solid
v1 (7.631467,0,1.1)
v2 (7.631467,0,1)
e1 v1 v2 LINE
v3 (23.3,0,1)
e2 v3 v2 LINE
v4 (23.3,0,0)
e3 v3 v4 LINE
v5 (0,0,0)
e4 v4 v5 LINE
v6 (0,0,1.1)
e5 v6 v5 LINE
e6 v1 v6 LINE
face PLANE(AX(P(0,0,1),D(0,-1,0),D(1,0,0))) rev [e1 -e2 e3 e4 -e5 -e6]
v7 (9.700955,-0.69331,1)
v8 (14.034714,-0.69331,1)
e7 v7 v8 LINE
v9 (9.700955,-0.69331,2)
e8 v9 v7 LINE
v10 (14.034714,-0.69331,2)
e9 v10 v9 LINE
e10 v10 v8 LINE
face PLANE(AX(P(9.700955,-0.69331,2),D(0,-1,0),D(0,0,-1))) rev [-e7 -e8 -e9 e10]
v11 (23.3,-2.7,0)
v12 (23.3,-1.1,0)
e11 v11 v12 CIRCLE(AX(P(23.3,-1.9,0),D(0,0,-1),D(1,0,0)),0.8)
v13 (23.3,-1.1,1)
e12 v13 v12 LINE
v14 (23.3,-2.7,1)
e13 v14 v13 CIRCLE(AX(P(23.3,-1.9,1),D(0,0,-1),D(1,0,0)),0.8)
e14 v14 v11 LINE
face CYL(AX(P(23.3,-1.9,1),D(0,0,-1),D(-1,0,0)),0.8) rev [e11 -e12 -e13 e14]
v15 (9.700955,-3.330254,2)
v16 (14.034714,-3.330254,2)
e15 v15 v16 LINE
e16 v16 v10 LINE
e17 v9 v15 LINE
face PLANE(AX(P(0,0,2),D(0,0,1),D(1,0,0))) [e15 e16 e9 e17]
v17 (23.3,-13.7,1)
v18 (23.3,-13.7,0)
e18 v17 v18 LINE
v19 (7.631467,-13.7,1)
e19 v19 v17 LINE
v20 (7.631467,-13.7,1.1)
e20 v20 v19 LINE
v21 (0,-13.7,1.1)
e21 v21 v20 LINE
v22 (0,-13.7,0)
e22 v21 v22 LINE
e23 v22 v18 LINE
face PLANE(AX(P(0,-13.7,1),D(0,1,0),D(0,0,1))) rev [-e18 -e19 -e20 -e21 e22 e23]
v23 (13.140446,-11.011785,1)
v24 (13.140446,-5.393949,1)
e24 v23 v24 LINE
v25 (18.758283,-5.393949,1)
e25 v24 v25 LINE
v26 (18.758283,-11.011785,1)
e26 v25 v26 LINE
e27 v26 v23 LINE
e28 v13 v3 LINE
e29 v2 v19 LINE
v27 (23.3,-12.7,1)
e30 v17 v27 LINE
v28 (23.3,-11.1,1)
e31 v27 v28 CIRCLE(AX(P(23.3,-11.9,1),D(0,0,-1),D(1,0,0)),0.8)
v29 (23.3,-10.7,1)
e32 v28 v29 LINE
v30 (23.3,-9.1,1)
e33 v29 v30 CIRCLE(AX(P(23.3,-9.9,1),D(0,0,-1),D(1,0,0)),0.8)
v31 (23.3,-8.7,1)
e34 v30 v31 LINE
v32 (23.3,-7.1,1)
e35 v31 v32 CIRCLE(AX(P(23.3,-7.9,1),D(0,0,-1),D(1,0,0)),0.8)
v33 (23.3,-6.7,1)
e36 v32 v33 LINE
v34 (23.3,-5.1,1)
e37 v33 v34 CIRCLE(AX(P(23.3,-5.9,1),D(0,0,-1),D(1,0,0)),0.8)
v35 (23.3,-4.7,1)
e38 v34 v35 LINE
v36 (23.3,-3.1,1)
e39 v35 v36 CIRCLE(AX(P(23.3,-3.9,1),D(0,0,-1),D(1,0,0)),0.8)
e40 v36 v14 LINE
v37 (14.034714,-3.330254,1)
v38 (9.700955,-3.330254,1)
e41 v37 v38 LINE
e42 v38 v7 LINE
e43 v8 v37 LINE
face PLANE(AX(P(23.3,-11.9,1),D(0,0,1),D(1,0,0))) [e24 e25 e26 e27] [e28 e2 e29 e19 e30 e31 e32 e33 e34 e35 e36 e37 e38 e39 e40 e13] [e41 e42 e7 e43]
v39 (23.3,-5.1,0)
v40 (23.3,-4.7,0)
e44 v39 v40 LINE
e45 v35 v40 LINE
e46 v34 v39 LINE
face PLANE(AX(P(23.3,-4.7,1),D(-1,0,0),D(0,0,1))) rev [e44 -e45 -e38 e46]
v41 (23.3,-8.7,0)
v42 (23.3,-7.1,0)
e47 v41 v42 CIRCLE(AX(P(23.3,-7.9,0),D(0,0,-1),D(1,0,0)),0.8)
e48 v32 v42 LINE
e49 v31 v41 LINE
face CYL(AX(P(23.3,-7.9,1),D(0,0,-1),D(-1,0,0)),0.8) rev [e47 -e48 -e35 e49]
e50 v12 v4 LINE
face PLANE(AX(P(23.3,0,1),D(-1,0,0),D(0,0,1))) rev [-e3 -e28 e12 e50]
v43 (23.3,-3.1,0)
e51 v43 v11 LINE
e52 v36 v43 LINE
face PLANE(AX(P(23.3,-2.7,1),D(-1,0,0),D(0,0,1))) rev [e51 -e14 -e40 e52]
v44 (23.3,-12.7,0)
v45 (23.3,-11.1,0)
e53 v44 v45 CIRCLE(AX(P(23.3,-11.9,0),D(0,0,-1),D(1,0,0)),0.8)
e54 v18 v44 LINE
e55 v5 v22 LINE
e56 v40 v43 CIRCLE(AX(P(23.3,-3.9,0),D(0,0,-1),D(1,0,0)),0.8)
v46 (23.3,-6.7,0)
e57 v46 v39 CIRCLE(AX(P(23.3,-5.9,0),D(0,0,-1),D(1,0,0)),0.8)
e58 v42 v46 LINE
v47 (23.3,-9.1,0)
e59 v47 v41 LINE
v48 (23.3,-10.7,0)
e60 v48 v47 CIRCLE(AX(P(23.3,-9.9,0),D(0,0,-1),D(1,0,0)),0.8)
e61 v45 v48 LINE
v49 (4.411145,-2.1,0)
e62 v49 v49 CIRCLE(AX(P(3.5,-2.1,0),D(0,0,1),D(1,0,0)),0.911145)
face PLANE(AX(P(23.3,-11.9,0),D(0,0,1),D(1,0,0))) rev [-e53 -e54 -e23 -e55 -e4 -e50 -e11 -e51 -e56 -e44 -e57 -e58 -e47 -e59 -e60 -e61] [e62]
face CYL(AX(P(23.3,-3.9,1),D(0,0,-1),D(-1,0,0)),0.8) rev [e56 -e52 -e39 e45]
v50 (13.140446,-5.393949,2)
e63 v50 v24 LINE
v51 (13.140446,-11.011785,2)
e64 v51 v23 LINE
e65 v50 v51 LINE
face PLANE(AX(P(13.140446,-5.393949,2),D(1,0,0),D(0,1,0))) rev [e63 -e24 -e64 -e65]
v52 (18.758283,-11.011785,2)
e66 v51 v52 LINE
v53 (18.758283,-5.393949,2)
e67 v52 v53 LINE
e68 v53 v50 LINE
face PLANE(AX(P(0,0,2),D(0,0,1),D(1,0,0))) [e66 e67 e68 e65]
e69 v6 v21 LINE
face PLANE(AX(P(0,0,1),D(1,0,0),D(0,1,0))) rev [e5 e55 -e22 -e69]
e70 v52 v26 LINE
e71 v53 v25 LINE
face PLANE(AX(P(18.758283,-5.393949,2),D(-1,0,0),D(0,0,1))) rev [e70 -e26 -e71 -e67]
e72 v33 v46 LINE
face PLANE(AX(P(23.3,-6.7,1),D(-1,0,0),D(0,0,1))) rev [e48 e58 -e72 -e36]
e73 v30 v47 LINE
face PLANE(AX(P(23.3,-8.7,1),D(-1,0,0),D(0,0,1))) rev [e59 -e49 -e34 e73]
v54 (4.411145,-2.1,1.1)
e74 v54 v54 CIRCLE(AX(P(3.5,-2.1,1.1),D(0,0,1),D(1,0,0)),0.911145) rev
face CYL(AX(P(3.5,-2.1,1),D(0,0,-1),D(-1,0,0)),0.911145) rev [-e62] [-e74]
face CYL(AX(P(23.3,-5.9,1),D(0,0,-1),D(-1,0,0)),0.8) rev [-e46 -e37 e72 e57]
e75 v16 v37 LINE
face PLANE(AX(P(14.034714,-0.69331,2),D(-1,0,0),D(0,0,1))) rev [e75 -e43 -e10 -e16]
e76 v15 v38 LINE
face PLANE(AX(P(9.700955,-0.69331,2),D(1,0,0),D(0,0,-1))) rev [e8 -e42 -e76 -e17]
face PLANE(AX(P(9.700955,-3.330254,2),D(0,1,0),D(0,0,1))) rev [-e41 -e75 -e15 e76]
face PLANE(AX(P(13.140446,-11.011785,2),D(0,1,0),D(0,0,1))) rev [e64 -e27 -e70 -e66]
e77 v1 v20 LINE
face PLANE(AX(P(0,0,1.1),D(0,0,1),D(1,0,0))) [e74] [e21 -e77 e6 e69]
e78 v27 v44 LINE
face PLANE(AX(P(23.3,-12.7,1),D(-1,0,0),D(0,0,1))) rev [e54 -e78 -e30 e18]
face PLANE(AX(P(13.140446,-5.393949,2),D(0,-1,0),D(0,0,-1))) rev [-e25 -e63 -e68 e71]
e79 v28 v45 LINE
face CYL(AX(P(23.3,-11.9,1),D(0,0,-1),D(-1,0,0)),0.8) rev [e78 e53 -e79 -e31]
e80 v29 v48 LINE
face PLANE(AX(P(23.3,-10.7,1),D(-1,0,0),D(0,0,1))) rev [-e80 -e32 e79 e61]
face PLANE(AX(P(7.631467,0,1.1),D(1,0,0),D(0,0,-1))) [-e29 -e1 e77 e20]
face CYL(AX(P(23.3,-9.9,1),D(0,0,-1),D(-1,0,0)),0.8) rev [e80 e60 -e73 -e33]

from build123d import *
from build123d.topology import SkipClean

# Parameters (mm, degrees)
SKETCH1_R           = 0.911145061
BOSS_EXTRUDE1_DEPTH = 1
SKETCH2_W           = 7.631466846
SKETCH2_H           = 13.7
BOSS_EXTRUDE2_DEPTH = 0.1
SKETCH3_W           = 5.617836281
SKETCH3_H           = 5.617836281
SKETCH3_W_2         = 4.333759416
SKETCH3_H_2         = 2.636943561
BOSS_EXTRUDE3_DEPTH = 2


with BuildPart() as part:
    # Sketch1 → Boss-Extrude1 (new body)
    with BuildSketch(Plane.XY):
        with BuildLine():
            Line((23.3, -2.7), (23.3, -3.1))
            ThreePointArc((23.3, -3.1), (22.5, -3.9), (23.3, -4.7))
            Line((23.3, -4.7), (23.3, -5.1))
            ThreePointArc((23.3, -5.1), (22.5, -5.9), (23.3, -6.7))
            Line((23.3, -6.7), (23.3, -7.1))
            ThreePointArc((23.3, -7.1), (22.5, -7.9), (23.3, -8.7))
            Line((23.3, -8.7), (23.3, -9.1))
            ThreePointArc((23.3, -9.1), (22.5, -9.9), (23.3, -10.7))
            Line((23.3, -10.7), (23.3, -11.1))
            ThreePointArc((23.3, -11.1), (22.5, -11.9), (23.3, -12.7))
            Line((23.3, -12.7), (23.3, -13.7))
            Line((23.3, -13.7), (0, -13.7))
            Line((0, -13.7), (0, 0))
            Line((0, 0), (23.3, 0))
            Line((23.3, 0), (23.3, -1.1))
            ThreePointArc((23.3, -1.1), (22.5, -1.9), (23.3, -2.7))
        make_face()
        with Locations((3.5, -2.1)):
            Circle(SKETCH1_R, mode=Mode.SUBTRACT)
    extrude(amount=BOSS_EXTRUDE1_DEPTH)

    # Sketch2 → Boss-Extrude2 (add)
    with SkipClean():  # the faces are left unmerged after this step: merging them gives an invalid solid
        with BuildSketch(Plane.XY.offset(1)):
            with Locations((3.815733423, -6.85)):
                Rectangle(SKETCH2_W, SKETCH2_H)
            with BuildLine():
                ThreePointArc((2.952848723, -2.828567637), (3.092783142, -1.284917334), (4.411145061, -2.1))
                ThreePointArc((4.411145061, -2.1), (3.907216858, -2.915082666), (2.952848723, -2.828567637))
            make_face(mode=Mode.SUBTRACT)
        extrude(amount=BOSS_EXTRUDE2_DEPTH)

    # Sketch3 → Boss-Extrude3 (add)
    with SkipClean():  # the faces are left unmerged after this step: merging them gives an invalid solid
        with BuildSketch(Plane.XY):
            with Locations((15.9493645, -8.202866697)):
                Rectangle(SKETCH3_W, SKETCH3_H)
            with Locations((11.867834468, -2.011781816)):
                Rectangle(SKETCH3_W_2, SKETCH3_H_2)
        extrude(amount=BOSS_EXTRUDE3_DEPTH)


solid = part.part
